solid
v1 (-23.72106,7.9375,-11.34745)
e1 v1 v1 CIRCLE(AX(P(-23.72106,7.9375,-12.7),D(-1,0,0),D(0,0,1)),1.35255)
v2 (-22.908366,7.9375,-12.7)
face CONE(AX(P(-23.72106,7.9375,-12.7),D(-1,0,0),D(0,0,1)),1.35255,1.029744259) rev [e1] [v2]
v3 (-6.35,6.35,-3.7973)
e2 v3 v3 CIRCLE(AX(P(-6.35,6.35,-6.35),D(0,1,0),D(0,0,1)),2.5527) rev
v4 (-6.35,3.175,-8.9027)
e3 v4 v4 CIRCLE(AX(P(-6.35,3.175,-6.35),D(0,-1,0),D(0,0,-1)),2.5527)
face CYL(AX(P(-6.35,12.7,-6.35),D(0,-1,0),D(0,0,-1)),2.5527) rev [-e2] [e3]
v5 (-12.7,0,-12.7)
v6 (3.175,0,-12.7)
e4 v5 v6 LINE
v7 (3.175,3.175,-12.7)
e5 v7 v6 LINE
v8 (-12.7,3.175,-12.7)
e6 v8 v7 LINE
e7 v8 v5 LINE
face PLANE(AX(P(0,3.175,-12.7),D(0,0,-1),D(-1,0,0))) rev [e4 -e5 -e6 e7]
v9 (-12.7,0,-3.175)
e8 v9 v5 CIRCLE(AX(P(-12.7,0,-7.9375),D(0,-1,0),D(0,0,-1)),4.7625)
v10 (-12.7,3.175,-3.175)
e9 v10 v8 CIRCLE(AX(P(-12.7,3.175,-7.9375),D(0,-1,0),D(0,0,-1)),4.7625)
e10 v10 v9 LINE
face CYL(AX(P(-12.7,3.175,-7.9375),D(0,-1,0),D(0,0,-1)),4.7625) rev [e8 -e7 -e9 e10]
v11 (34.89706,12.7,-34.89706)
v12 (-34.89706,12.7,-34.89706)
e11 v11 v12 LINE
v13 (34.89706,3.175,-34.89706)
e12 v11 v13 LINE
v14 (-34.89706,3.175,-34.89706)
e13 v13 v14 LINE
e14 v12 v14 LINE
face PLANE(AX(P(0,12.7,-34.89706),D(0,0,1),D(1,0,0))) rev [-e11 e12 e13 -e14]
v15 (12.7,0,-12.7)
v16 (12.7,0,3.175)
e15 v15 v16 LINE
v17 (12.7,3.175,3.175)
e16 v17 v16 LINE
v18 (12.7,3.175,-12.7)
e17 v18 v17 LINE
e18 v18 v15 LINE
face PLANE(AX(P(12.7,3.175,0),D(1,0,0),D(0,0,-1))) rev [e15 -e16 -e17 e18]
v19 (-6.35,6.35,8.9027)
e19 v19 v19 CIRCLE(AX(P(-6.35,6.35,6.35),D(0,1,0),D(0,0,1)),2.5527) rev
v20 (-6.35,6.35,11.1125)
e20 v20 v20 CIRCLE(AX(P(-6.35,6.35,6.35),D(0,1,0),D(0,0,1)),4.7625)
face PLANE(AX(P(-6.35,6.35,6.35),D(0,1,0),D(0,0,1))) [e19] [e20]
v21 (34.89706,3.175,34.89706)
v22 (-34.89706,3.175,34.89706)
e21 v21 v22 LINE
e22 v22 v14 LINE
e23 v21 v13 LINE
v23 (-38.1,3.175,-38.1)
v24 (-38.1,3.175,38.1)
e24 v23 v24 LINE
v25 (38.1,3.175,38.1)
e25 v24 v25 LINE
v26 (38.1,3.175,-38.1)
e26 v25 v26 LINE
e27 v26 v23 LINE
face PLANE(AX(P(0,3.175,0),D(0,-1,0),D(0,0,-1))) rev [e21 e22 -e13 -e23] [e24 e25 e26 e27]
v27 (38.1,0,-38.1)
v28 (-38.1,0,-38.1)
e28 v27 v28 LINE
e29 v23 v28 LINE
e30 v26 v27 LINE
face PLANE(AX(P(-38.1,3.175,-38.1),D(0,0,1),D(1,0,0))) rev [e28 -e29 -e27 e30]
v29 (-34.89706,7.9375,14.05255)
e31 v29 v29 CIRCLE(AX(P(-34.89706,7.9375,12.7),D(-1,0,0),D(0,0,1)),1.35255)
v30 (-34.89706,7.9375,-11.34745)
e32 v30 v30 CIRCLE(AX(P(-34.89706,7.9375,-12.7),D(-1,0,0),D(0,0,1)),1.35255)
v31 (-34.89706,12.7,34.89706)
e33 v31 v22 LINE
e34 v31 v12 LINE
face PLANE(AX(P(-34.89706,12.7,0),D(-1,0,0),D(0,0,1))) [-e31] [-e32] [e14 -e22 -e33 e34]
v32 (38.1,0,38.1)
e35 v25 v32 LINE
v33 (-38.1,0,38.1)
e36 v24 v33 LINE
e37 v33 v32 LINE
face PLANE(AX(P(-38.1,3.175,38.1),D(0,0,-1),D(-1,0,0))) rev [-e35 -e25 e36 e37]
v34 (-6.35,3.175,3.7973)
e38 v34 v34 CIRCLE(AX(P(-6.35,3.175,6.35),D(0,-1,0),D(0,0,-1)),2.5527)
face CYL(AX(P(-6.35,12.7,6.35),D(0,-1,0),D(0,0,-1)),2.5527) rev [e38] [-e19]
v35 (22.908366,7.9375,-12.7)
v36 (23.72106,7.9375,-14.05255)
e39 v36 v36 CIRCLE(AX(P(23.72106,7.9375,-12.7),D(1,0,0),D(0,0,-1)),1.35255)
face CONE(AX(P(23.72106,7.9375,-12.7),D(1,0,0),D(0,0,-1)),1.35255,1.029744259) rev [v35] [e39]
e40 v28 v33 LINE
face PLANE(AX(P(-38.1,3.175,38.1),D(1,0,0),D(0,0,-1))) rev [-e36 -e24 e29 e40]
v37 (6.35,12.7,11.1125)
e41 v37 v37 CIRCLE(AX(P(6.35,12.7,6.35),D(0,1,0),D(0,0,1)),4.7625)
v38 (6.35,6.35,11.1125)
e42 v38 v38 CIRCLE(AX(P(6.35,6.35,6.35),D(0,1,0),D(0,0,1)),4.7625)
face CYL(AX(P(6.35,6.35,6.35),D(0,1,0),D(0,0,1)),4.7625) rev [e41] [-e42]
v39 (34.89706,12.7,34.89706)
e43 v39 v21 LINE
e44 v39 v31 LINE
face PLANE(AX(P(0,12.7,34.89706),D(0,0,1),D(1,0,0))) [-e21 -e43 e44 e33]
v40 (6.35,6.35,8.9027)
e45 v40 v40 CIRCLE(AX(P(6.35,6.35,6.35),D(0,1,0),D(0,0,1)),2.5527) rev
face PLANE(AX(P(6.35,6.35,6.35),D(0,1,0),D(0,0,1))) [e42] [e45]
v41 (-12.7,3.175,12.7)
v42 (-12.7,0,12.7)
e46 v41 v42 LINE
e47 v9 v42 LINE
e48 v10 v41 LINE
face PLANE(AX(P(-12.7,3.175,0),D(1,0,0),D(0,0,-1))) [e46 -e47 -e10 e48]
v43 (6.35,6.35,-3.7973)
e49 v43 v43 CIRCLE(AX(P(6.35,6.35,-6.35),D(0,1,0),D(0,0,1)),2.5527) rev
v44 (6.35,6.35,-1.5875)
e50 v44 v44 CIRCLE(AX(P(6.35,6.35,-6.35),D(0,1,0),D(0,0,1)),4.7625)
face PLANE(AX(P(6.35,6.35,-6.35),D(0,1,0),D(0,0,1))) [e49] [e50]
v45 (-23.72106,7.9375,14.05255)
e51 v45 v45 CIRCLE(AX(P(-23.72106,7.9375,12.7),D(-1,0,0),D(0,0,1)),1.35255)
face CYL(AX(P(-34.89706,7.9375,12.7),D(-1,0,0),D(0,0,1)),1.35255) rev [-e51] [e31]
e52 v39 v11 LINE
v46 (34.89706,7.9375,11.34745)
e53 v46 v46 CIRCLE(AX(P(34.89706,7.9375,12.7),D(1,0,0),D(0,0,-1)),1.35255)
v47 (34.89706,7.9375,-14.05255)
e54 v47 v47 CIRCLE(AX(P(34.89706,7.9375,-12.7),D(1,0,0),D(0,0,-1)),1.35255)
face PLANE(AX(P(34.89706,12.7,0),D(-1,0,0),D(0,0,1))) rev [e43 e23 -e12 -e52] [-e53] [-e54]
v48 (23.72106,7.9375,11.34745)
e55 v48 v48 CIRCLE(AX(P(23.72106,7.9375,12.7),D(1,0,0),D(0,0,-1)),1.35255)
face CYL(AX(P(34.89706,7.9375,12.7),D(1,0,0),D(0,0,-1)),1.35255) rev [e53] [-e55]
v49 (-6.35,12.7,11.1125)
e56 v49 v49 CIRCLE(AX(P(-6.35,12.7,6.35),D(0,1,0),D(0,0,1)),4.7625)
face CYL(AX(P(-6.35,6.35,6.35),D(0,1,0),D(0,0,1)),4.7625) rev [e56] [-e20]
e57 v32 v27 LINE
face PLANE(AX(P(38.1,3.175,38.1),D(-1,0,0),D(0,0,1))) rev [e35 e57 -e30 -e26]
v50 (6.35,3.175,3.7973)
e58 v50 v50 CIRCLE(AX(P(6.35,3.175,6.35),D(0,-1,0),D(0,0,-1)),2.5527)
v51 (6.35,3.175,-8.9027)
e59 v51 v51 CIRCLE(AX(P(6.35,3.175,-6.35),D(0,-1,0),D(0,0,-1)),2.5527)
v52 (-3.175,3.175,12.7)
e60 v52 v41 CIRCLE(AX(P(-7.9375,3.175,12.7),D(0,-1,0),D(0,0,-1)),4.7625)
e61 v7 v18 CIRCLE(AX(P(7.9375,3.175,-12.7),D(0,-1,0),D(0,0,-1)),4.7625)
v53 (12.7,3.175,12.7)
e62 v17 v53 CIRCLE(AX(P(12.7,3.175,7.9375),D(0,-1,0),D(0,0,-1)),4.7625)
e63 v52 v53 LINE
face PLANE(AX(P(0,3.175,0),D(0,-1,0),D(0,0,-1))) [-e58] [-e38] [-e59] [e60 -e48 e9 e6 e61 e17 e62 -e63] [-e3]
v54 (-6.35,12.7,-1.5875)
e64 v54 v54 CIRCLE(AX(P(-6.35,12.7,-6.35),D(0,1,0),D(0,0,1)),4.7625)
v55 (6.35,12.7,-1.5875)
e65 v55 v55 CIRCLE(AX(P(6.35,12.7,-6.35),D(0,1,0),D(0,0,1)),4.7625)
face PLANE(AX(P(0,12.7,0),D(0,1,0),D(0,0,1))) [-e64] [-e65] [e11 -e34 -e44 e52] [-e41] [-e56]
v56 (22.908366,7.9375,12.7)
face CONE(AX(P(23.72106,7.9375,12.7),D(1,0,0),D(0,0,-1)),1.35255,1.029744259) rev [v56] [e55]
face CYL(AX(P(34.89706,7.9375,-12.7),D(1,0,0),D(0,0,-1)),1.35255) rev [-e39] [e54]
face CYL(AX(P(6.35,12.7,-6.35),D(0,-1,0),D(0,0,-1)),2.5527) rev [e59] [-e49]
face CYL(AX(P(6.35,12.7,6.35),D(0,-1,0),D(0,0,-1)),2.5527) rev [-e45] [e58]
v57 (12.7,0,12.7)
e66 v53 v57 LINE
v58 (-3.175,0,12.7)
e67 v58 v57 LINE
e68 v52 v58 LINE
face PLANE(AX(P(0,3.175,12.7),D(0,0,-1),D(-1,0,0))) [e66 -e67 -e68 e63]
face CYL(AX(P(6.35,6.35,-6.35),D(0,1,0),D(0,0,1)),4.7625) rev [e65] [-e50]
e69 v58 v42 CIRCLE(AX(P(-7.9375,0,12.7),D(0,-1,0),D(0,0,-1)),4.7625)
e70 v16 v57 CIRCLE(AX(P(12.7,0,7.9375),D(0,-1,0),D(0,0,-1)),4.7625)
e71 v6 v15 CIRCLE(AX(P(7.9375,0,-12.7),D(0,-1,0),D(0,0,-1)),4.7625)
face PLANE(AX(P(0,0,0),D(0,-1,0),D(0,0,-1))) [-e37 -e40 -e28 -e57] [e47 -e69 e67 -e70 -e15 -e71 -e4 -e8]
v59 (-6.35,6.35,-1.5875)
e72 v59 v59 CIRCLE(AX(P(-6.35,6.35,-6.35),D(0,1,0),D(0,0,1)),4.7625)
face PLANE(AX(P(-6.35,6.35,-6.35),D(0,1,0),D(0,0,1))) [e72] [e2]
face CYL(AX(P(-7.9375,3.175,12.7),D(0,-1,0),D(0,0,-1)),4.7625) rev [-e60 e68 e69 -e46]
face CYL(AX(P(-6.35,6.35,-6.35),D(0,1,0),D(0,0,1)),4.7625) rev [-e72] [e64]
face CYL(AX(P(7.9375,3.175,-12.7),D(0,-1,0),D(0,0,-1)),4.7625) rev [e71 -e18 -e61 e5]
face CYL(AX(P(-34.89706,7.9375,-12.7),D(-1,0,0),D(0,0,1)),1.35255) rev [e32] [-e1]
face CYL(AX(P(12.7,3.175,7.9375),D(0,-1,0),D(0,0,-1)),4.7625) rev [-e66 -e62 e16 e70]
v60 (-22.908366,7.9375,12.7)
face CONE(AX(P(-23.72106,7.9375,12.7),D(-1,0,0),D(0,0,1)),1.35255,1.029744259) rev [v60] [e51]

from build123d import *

# Parameters (mm, degrees)
SKETCH1_W           = 76.2
SKETCH1_H           = 76.2
BOSS_EXTRUDE1_DEPTH = 3.175
SKETCH2_W           = 69.79412
SKETCH2_H           = 69.79412
SKETCH2_W_2         = 57.09412
SKETCH2_H_2         = 57.09412
BOSS_EXTRUDE2_DEPTH = 9.525
SKETCH13_R          = 4.7625
SKETCH13_W          = 25.4
SKETCH13_H          = 25.4
CUT_EXTRUDE1_DEPTH  = 3.175
SKETCH15_R          = 2.5527
CUT_EXTRUDE2_DEPTH  = 55.716959208
SKETCH17_R          = 4.7625
CUT_EXTRUDE3_DEPTH  = 6.35


with BuildPart() as part:
    # Sketch1 → Boss-Extrude1 (new body)
    with BuildSketch(Plane(origin=(0, 0, 0), x_dir=(1, 0, 0), z_dir=(0, 1, 0))):
        Rectangle(SKETCH1_W, SKETCH1_H)
    extrude(amount=BOSS_EXTRUDE1_DEPTH)

    # Sketch2 → Boss-Extrude2 (add)
    # profile 1 of 2: a face of its own
    with BuildSketch(Plane(origin=(0, 3.175, 0), x_dir=(1, 0, 0), z_dir=(0, 1, 0))):
        Rectangle(SKETCH2_W, SKETCH2_H)
        Rectangle(SKETCH2_W_2, SKETCH2_H_2, mode=Mode.SUBTRACT)
    # profile 2 of 2: a face of its own
    with BuildSketch(Plane(origin=(0, 3.175, 0), x_dir=(1, 0, 0), z_dir=(0, 1, 0))):
        Rectangle(SKETCH2_W_2, SKETCH2_H_2)
    extrude(amount=BOSS_EXTRUDE2_DEPTH)

    # Sketch9 → #6-32 Tapped Hole2 (revolve, cut)
    with BuildSketch(Plane(origin=(34.89706, 7.9375, 12.7), x_dir=(0, 0, -1), z_dir=(0, 1, 0))):
        Polygon((0, 0), (0, 11.98869403), (1.35255, 11.176), (1.35255, 0), align=None)
    f_6_32_tapped_hole2 = revolve(axis=Axis((41.24706, 7.9375, 12.7), (-1, 0, 0)), mode=Mode.SUBTRACT)

    # Mirror1: #6-32 Tapped Hole2 across plane
    add(f_6_32_tapped_hole2.mirror(Plane.XY), mode=Mode.SUBTRACT)

    # Mirror2: #6-32 Tapped Hole2 across plane
    add(f_6_32_tapped_hole2.mirror(Plane(origin=(0, 0, 0), x_dir=(0, 0, 1), z_dir=(1, 0, 0))), mode=Mode.SUBTRACT)

    # Mirror2 copy 1 sketch → Mirror2 copy 1 (revolve, cut)
    with BuildSketch(Plane(origin=(-34.89706, 7.9375, -12.7), x_dir=(0, 0, 1), z_dir=(0, 1, 0))):
        Polygon((0, 0), (0, 11.98869403), (1.35255, 11.176), (1.35255, 0), align=None)
    revolve(axis=Axis((-41.24706, 7.9375, -12.7), (1, 0, 0)), mode=Mode.SUBTRACT)

    # Sketch13 → Cut-Extrude1 (cut)
    with BuildSketch(Plane.XZ):
        with Locations((-12.7, -7.9375)):
            Circle(SKETCH13_R)
        with Locations((7.9375, -12.7)):
            Circle(SKETCH13_R)
        with Locations((12.7, 7.9375)):
            Circle(SKETCH13_R)
        with Locations((-7.9375, 12.7)):
            Circle(SKETCH13_R)
        Rectangle(SKETCH13_W, SKETCH13_H)
        with BuildLine():
            ThreePointArc((12.7, 12.7), (7.9375, 7.9375), (12.7, 3.175))
            Line((12.7, 3.175), (12.7, 12.7))
        make_face()
        with BuildLine():
            Line((12.7, 12.7), (12.7, 3.175))
            ThreePointArc((12.7, 3.175), (16.067596045, 4.569903955), (17.4625, 7.9375))
            ThreePointArc((17.4625, 7.9375), (16.067596045, 11.305096045), (12.7, 12.7))
        make_face()
        with BuildLine():
            ThreePointArc((-3.175, 12.7), (-7.9375, 17.4625), (-12.7, 12.7))
            Line((-12.7, 12.7), (-3.175, 12.7))
        make_face()
        with BuildLine():
            Line((-3.175, 12.7), (-12.7, 12.7))
            ThreePointArc((-12.7, 12.7), (-7.9375, 7.9375), (-3.175, 12.7))
        make_face()
        with BuildLine():
            ThreePointArc((-12.7, -3.175), (-17.4625, -7.9375), (-12.7, -12.7))
            Line((-12.7, -12.7), (-12.7, -3.175))
        make_face()
        with BuildLine():
            Line((-12.7, -3.175), (-12.7, -12.7))
            ThreePointArc((-12.7, -12.7), (-9.332403955, -11.305096045), (-7.9375, -7.9375))
            ThreePointArc((-7.9375, -7.9375), (-9.332403955, -4.569903955), (-12.7, -3.175))
        make_face()
        with BuildLine():
            ThreePointArc((12.7, -12.7), (7.9375, -7.9375), (3.175, -12.7))
            Line((3.175, -12.7), (12.7, -12.7))
        make_face()
        with BuildLine():
            Line((12.7, -12.7), (3.175, -12.7))
            ThreePointArc((3.175, -12.7), (7.9375, -17.4625), (12.7, -12.7))
        make_face()
    extrude(amount=-CUT_EXTRUDE1_DEPTH, mode=Mode.SUBTRACT)

    # Sketch15 → Cut-Extrude2 (cut, through all)
    with BuildSketch(Plane.XZ.offset(-3.175)):
        with Locations(Location((-6.35, 6.35, 0), (0, 0, 270))):
            Circle(SKETCH15_R)
        with Locations(Location((6.35, 6.35, 0), (0, 0, 270))):
            Circle(SKETCH15_R)
        with Locations(Location((6.35, -6.35, 0), (0, 0, 270))):
            Circle(SKETCH15_R)
        with Locations(Location((-6.35, -6.35, 0), (0, 0, 270))):
            Circle(SKETCH15_R)
    extrude(amount=-CUT_EXTRUDE2_DEPTH, mode=Mode.SUBTRACT)

    # Sketch17 → Cut-Extrude3 (cut)
    with BuildSketch(Plane(origin=(0, 12.7, 0), x_dir=(1, 0, 0), z_dir=(0, 1, 0))):
        with Locations(Location((-6.35, 6.35, 0), (0, 0, 270))):
            Circle(SKETCH17_R)
        with Locations(Location((6.35, 6.35, 0), (0, 0, 270))):
            Circle(SKETCH17_R)
        with Locations(Location((6.35, -6.35, 0), (0, 0, 270))):
            Circle(SKETCH17_R)
        with Locations(Location((-6.35, -6.35, 0), (0, 0, 270))):
            Circle(SKETCH17_R)
    extrude(amount=-CUT_EXTRUDE3_DEPTH, mode=Mode.SUBTRACT)


solid = part.part
